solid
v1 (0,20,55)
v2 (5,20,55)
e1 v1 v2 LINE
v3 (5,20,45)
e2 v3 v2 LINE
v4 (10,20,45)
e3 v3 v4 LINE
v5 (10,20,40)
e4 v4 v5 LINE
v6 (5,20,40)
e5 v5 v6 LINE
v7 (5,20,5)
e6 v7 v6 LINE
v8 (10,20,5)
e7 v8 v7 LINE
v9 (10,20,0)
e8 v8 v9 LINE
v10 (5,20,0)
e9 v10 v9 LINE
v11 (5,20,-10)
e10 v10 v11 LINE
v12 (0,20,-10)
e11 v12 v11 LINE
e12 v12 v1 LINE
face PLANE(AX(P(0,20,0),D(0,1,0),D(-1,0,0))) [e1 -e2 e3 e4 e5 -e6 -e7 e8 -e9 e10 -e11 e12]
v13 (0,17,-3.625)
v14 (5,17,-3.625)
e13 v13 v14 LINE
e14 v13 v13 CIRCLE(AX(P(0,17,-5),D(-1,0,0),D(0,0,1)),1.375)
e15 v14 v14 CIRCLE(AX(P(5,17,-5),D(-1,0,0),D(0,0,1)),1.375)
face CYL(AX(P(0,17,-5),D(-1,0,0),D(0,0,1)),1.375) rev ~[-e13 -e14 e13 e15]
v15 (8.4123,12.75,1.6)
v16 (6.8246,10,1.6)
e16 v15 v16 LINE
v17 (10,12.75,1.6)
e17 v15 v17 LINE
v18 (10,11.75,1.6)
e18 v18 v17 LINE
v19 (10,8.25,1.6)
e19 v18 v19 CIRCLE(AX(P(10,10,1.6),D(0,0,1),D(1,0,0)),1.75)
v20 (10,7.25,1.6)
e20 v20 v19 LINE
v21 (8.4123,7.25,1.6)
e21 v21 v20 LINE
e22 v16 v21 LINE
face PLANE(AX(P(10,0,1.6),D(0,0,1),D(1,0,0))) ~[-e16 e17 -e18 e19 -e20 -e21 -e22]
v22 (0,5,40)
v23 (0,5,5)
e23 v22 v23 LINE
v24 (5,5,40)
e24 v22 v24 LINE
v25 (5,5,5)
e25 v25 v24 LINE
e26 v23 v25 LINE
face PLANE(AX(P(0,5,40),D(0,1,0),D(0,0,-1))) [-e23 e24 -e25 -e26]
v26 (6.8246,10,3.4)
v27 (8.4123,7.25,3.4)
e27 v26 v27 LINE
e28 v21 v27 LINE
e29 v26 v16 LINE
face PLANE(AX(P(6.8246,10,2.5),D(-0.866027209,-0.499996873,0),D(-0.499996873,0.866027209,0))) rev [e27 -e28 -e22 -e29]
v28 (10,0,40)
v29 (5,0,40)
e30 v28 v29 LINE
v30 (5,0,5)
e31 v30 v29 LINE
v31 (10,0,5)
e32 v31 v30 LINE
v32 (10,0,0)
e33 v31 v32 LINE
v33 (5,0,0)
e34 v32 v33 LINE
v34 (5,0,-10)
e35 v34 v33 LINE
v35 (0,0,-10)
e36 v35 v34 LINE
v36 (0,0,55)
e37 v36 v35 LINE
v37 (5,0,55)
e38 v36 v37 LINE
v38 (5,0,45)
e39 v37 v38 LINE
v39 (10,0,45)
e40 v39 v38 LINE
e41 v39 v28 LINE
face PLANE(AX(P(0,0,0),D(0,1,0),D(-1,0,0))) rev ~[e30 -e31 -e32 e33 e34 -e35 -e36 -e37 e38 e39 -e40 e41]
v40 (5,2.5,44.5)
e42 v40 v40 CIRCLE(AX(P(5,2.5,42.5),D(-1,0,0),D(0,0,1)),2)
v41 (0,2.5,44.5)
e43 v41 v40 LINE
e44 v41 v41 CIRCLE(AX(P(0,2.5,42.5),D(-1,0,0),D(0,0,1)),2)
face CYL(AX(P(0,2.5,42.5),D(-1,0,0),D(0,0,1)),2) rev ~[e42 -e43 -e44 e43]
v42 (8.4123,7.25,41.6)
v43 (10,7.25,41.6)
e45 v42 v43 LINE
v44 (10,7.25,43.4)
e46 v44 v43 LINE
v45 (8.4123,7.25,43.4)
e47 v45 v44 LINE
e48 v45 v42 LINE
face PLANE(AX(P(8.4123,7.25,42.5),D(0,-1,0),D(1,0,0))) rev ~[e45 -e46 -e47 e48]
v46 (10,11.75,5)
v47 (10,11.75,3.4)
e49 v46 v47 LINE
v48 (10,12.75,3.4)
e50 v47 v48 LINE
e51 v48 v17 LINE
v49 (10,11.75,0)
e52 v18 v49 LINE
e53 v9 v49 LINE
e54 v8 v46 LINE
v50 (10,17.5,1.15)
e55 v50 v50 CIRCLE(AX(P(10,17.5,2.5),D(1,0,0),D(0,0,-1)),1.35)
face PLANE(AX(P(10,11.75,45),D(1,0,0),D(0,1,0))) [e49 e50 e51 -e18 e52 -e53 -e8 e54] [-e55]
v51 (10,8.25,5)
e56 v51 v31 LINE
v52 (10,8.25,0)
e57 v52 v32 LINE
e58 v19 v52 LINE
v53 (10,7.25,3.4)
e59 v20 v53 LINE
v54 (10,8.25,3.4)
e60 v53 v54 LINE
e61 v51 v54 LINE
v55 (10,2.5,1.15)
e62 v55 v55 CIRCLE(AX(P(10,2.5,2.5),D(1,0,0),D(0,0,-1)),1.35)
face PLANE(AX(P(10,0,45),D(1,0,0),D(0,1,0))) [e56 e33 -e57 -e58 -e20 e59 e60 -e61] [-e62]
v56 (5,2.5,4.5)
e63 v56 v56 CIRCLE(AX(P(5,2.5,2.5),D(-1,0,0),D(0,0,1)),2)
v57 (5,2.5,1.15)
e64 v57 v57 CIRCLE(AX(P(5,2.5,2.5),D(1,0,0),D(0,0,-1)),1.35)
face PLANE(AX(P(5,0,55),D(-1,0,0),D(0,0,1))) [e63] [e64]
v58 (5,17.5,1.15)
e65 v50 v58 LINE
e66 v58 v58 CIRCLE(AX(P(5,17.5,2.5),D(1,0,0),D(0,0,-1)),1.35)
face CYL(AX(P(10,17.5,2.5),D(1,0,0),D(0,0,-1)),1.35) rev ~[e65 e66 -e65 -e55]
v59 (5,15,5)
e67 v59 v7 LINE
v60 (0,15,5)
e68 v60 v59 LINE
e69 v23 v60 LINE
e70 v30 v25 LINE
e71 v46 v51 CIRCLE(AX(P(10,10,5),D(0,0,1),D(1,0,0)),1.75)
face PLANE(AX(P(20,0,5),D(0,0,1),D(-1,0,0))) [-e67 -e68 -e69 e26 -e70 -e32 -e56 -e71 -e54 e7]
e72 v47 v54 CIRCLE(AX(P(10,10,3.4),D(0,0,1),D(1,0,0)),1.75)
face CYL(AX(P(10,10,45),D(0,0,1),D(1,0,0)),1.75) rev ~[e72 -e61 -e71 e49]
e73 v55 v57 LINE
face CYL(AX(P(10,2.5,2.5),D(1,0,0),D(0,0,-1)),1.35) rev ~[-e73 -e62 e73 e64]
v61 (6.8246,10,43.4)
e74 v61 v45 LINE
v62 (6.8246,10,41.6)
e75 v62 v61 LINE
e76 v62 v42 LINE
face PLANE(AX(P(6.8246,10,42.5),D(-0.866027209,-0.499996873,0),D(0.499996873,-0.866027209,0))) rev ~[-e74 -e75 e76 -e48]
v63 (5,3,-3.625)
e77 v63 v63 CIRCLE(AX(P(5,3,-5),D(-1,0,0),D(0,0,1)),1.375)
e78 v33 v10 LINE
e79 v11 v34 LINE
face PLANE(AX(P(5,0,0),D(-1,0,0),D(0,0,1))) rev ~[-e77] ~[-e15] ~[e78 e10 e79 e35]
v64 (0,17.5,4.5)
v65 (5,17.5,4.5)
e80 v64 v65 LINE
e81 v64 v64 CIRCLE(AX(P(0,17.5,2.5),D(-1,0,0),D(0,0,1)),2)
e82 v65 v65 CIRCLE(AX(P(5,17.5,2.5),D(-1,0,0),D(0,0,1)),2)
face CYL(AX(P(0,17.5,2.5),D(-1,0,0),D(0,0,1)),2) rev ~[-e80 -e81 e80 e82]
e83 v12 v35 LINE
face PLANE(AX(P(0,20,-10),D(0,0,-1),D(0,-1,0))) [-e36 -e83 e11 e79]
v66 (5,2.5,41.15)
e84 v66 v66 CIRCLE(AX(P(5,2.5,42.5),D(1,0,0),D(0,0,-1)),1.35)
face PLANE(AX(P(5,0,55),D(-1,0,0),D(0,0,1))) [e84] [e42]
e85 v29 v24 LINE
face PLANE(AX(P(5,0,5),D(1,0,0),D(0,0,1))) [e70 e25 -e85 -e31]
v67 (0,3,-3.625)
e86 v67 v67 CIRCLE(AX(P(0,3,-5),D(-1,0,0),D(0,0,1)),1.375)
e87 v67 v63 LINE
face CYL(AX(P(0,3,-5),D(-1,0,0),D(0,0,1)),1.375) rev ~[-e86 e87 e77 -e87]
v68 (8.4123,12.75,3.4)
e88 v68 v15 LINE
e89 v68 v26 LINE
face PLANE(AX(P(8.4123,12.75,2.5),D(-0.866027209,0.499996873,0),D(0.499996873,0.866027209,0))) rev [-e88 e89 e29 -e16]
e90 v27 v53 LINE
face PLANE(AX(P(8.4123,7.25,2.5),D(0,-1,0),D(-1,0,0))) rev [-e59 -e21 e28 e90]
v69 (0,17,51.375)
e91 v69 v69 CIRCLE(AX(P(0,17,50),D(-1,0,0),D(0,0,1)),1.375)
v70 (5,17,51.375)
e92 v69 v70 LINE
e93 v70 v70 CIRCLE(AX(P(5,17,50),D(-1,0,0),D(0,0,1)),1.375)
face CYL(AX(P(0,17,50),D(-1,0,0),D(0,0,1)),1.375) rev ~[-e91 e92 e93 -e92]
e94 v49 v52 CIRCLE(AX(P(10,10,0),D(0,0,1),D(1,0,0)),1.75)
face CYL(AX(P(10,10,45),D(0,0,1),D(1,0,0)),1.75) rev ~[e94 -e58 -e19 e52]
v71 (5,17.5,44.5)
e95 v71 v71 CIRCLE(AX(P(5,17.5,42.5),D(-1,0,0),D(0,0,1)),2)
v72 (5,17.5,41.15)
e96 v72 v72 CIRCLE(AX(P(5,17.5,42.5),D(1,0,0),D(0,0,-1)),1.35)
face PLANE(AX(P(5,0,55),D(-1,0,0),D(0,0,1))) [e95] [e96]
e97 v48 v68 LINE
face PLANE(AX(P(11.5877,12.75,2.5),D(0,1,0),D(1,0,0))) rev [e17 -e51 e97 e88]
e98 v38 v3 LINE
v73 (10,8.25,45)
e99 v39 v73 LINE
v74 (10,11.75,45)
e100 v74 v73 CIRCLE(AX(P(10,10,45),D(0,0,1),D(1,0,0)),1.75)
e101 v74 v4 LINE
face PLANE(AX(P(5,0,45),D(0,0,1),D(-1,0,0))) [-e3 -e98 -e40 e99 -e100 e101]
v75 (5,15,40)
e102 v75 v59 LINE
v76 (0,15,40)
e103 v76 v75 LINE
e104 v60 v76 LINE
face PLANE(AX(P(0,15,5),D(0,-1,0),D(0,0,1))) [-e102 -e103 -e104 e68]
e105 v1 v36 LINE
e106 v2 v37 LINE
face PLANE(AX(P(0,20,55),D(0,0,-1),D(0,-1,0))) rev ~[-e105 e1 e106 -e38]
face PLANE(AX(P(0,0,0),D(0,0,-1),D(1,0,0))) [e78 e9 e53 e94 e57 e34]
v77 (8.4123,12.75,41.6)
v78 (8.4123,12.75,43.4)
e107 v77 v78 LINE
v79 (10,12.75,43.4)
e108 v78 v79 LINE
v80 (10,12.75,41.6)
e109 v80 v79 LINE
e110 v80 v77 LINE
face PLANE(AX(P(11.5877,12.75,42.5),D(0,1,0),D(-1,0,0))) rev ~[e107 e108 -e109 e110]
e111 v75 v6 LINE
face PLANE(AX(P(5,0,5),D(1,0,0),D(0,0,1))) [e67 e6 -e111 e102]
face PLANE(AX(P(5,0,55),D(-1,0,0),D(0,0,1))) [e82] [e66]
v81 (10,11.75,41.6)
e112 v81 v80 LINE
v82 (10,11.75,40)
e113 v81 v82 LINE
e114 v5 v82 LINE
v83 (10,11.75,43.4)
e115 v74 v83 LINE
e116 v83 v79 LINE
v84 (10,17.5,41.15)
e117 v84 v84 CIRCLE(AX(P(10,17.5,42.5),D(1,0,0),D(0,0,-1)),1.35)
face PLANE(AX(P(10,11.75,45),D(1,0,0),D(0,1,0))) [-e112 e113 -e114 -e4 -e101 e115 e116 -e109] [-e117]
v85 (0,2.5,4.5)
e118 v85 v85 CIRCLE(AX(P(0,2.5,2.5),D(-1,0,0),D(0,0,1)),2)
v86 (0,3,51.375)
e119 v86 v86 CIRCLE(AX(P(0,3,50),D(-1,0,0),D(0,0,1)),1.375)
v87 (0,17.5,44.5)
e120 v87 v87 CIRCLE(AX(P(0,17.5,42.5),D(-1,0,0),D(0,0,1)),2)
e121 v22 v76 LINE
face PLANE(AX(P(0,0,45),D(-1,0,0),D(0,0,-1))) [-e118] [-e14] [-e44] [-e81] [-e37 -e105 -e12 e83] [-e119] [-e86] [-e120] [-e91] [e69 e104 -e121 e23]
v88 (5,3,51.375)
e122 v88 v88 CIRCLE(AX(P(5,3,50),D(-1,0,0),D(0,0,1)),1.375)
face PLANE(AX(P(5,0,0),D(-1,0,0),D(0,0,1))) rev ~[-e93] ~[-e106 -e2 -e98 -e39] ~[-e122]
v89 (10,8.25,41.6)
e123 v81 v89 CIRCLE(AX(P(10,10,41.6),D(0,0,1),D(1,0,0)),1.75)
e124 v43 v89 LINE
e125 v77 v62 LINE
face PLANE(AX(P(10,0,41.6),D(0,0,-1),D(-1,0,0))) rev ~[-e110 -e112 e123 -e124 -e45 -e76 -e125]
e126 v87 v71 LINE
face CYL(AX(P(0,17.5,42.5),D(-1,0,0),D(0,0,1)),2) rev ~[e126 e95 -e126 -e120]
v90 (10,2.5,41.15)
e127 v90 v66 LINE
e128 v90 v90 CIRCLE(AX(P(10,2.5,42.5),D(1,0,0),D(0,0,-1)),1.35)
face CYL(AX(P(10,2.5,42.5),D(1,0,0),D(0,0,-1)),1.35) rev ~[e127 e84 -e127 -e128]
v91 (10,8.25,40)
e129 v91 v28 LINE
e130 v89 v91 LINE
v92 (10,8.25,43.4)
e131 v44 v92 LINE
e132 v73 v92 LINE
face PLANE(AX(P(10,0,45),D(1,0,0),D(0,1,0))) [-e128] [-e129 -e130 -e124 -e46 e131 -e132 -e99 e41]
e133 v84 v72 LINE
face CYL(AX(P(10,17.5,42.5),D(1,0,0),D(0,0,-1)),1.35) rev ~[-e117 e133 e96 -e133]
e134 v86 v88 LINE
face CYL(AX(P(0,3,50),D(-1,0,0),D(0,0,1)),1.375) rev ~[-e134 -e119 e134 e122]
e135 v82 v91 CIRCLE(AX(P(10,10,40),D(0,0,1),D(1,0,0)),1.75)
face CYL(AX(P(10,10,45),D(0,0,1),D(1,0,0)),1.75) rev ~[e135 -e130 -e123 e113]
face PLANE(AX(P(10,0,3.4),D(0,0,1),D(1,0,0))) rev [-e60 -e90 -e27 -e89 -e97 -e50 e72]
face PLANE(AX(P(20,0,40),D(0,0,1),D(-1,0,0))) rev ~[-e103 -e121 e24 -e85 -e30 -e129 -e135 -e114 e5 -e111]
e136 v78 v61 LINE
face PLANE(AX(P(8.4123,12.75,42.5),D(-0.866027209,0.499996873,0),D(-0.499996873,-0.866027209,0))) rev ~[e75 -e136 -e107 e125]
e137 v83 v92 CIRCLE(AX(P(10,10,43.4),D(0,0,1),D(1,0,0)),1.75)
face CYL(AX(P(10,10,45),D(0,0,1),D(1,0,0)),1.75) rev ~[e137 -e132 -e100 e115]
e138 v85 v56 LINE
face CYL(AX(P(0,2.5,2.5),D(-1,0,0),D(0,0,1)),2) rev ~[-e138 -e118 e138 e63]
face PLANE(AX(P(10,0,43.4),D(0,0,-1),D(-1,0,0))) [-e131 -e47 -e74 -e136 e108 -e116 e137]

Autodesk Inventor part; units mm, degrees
ref_plane "YZ Plane" through (0, 0, 0) normal (1, 0, 0) x (0, 1, 0)
sketch "Sketch1" plane through (0, 0, 0) normal (0, 1, 0) x (-1, 0, 0)
  line L0 (0, 0) -> (-5, 0)
  line L1 (-5, 0) -> (-5, 45)
  line L2 (-5, 45) -> (0, 45)
  line L3 (0, 45) -> (0, 0)
  line L4 (-5, 45) -> (-20, 45)
  line L5 (-20, 45) -> (-20, 40)
  line L6 (-20, 40) -> (-5, 40)
  line L7 (-5, 40) -> (-5, 45)
  line L8 (-5, 0) -> (-20, 0)
  line L9 (-20, 0) -> (-20, 5)
  line L10 (-20, 5) -> (-5, 5)
  line L11 (-5, 5) -> (-5, 0)
  point P0 (-5, 40)
  point P1 (-5, 5)
  dimension "d0" = 5
  dimension "d1" = 5
  dimension "d2" = 5
  dimension "d3" = 15
  dimension "d4" = 15
  dimension "d5" = 35
extrude "Extrusion1" add sketch "Sketch1" along normal blind 20
sketch "Sketch2" plane through (0, 0, 45) normal (0, 0, 1) x (1, 0, 0)
  circle A0 centre (10, 10) radius 1.75
  line L0 (20, 0) -> (20, 20) projected
  line L1 (20, 0) -> (10, 0)
  line L2 (10, 0) -> (10, 20)
  line L3 (10, 20) -> (20, 20)
  line L4 (20, 20) -> (20, 0)
  line L5 (0, 0) -> (20, 0) projected
  dimension "d8" = 10
  dimension "d9" = 10
  dimension "d10" = 10
  dimension "d11" = 3.5
extrude "Extrusion2" cut sketch "Sketch2" against normal blind 200
sketch "Sketch3" plane through (0, 0, 0) normal (-1, 0, 0) x (0, 0, 1)
  line L0 (5, 0) -> (5, 20) projected
  line L1 (40, 0) -> (40, 20) projected
  line L2 (5, 15) -> (40, 15)
  line L3 (40, 15) -> (40, 5)
  line L4 (40, 5) -> (5, 5)
  line L5 (5, 5) -> (5, 15)
  line L6 (0, 20) -> (45, 20) projected
  line L7 (0, 0) -> (45, 0) projected
  point P0 (5, 5)
  dimension "d14" = 5
  dimension "d15" = 5
extrude "Extrusion3" cut sketch "Sketch3" against normal blind 20 contours L0 L2 L1 L4
sketch "Sketch4" plane through (0, 0, 0) normal (-1, 0, 0) x (0, 0, 1)
  line L0 (45, 0) -> (45, 20) projected
  line L1 (45, 20) -> (55, 20)
  line L2 (55, 20) -> (55, 0)
  line L3 (55, 0) -> (45, 0)
  line L4 (45, 0) -> (45, 20)
  line L5 (0, 20) -> (0, 11.75) projected
  line L6 (0, 20) -> (-10, 20)
  line L7 (-10, 20) -> (-10, 0)
  line L8 (-10, 0) -> (0, 0)
  line L9 (0, 0) -> (0, 20)
  circle A0 centre (50, 3) radius 1.375
  circle A1 centre (50, 17) radius 1.375
  circle A2 centre (-5, 17) radius 1.375
  circle A3 centre (-5, 3) radius 1.375
  point P0 (0, 0)
  point P1 (50, 20)
  dimension "d18" = 10
  dimension "d19" = 10
  dimension "d20" = 3
  dimension "d21" = 3
  dimension "d22" = 5
  dimension "d23" = 5
  dimension "d24" = 5
  dimension "d25" = 5
  dimension "d26" = 3
  dimension "d27" = 3
  dimension "d28" = 2.75
  dimension "d29" = 2.75
  dimension "d30" = 2.75
  dimension "d31" = 2.75
extrude "Extrusion4" add sketch "Sketch4" against normal blind 5
sketch "Sketch5" plane through (10, 11.75, 45) normal (1, 0, 0) x (0, 0, -1)
  circle A0 centre (42.5, 5.75) radius 1.35
  circle A1 centre (42.5, -9.25) radius 1.35
  circle A2 centre (2.5, 5.75) radius 1.35
  circle A3 centre (2.5, -9.25) radius 1.35
  line L0 (40, 8.25) -> (45, 8.25) projected
  line L1 (45, 8.25) -> (45, 0) projected
  line L2 (45, -3.5) -> (45, -11.75) projected
  line L3 (45, -11.75) -> (40, -11.75) projected
  line L4 (5, -11.75) -> (0, -11.75) projected
  line L5 (0, -11.75) -> (0, -3.5) projected
  line L6 (0, 0) -> (0, 8.25) projected
  line L7 (0, 8.25) -> (5, 8.25) projected
  dimension "d34" = 2.5
  dimension "d35" = 2.5
  dimension "d36" = 2.5
  dimension "d37" = 2.5
  dimension "d38" = 2.5
  dimension "d39" = 2.5
  dimension "d40" = 2.5
  dimension "d41" = 2.5
  dimension "d42" = 2.7
  dimension "d43" = 2.7
  dimension "d44" = 2.7
  dimension "d45" = 2.7
extrude "Extrusion5" cut sketch "Sketch5" against normal blind 15
sketch "Sketch6" plane through (0, 0, 55) normal (-1, 0, 0) x (0, 0, 1)
  circle A0 centre (-12.5, 17.5) radius 1.35 projected
  circle A1 centre (-12.5, 17.5) radius 2
  circle A2 centre (-12.5, 2.5) radius 1.35 projected
  circle A3 centre (-12.5, 2.5) radius 2
  circle A4 centre (-52.5, 2.5) radius 1.35 projected
  circle A5 centre (-52.5, 2.5) radius 2
  circle A6 centre (-52.5, 17.5) radius 1.35 projected
  circle A7 centre (-52.5, 17.5) radius 2
  point P0 (-55, 0)
  dimension "d48" = 4
  dimension "d49" = 4
  dimension "d50" = 4
  dimension "d51" = 4
extrude "Extrusion6" cut sketch "Sketch6" against normal blind 5 contours A0 | A1 | A2 | A3 | A4 | A5 | A6 | A7
ref_plane "Work Plane1" through (10, 0, 42.5) normal (0, 0, -1) x (-1, 0, 0)
sketch "Sketch7" plane through (10, 0, 42.5) normal (0, 0, -1) x (-1, 0, 0)
  line L0 (-3.1754, 10) -> (-1.5877, 12.75)
  line L1 (-1.5877, 12.75) -> (1.5877, 12.75)
  line L2 (1.5877, 12.75) -> (3.1754, 10)
  line L3 (3.1754, 10) -> (1.5877, 7.25)
  line L4 (1.5877, 7.25) -> (-1.5877, 7.25)
  line L5 (-1.5877, 7.25) -> (-3.1754, 10)
  line L6 (0, 11.75) -> (0, 20) projected
  line L7 (5, 20) -> (0, 20) projected
  line L8 (5, 0) -> (0, 0) projected
  point P0 (10, 0)
  point P1 (0, 10)
  dimension "d54" = 2.75
  dimension "d55" = 0
  dimension "d56" = 10
  dimension "d57" = 20
extrude "Extrusion7" cut sketch "Sketch7" along normal mid plane 1.8
ref_plane "Work Plane2" through (0, 0, 22.5) normal (0, 0, 1) x (1, 0, 0)
mirror "Mirror1" about plane through (0, 0, 22.5) normal (0, 0, 1) of "Extrusion7"
equation "\"d14\" = d15"
equation "\"d19\" = d18"
equation "\"d20\" = d21"
equation "\"d24\" = d23"
equation "\"d25\" = d22"
equation "\"d26\" = d20"
equation "\"d27\" = d21"
equation "\"d34\" = d35"
equation "\"d37\" = d34"
equation "\"d38\" = d34"
equation "\"d39\" = d36"
equation "\"d40\" = d39"
equation "\"d41\" = d34"
equation "\"d43\" = d42"
equation "\"d44\" = d42"
equation "\"d45\" = d43"
equation "\"d49\" = d48"
equation "\"d50\" = d49"
equation "\"d51\" = d48"
properties part number "MotorDifferentialMountingBracket"
